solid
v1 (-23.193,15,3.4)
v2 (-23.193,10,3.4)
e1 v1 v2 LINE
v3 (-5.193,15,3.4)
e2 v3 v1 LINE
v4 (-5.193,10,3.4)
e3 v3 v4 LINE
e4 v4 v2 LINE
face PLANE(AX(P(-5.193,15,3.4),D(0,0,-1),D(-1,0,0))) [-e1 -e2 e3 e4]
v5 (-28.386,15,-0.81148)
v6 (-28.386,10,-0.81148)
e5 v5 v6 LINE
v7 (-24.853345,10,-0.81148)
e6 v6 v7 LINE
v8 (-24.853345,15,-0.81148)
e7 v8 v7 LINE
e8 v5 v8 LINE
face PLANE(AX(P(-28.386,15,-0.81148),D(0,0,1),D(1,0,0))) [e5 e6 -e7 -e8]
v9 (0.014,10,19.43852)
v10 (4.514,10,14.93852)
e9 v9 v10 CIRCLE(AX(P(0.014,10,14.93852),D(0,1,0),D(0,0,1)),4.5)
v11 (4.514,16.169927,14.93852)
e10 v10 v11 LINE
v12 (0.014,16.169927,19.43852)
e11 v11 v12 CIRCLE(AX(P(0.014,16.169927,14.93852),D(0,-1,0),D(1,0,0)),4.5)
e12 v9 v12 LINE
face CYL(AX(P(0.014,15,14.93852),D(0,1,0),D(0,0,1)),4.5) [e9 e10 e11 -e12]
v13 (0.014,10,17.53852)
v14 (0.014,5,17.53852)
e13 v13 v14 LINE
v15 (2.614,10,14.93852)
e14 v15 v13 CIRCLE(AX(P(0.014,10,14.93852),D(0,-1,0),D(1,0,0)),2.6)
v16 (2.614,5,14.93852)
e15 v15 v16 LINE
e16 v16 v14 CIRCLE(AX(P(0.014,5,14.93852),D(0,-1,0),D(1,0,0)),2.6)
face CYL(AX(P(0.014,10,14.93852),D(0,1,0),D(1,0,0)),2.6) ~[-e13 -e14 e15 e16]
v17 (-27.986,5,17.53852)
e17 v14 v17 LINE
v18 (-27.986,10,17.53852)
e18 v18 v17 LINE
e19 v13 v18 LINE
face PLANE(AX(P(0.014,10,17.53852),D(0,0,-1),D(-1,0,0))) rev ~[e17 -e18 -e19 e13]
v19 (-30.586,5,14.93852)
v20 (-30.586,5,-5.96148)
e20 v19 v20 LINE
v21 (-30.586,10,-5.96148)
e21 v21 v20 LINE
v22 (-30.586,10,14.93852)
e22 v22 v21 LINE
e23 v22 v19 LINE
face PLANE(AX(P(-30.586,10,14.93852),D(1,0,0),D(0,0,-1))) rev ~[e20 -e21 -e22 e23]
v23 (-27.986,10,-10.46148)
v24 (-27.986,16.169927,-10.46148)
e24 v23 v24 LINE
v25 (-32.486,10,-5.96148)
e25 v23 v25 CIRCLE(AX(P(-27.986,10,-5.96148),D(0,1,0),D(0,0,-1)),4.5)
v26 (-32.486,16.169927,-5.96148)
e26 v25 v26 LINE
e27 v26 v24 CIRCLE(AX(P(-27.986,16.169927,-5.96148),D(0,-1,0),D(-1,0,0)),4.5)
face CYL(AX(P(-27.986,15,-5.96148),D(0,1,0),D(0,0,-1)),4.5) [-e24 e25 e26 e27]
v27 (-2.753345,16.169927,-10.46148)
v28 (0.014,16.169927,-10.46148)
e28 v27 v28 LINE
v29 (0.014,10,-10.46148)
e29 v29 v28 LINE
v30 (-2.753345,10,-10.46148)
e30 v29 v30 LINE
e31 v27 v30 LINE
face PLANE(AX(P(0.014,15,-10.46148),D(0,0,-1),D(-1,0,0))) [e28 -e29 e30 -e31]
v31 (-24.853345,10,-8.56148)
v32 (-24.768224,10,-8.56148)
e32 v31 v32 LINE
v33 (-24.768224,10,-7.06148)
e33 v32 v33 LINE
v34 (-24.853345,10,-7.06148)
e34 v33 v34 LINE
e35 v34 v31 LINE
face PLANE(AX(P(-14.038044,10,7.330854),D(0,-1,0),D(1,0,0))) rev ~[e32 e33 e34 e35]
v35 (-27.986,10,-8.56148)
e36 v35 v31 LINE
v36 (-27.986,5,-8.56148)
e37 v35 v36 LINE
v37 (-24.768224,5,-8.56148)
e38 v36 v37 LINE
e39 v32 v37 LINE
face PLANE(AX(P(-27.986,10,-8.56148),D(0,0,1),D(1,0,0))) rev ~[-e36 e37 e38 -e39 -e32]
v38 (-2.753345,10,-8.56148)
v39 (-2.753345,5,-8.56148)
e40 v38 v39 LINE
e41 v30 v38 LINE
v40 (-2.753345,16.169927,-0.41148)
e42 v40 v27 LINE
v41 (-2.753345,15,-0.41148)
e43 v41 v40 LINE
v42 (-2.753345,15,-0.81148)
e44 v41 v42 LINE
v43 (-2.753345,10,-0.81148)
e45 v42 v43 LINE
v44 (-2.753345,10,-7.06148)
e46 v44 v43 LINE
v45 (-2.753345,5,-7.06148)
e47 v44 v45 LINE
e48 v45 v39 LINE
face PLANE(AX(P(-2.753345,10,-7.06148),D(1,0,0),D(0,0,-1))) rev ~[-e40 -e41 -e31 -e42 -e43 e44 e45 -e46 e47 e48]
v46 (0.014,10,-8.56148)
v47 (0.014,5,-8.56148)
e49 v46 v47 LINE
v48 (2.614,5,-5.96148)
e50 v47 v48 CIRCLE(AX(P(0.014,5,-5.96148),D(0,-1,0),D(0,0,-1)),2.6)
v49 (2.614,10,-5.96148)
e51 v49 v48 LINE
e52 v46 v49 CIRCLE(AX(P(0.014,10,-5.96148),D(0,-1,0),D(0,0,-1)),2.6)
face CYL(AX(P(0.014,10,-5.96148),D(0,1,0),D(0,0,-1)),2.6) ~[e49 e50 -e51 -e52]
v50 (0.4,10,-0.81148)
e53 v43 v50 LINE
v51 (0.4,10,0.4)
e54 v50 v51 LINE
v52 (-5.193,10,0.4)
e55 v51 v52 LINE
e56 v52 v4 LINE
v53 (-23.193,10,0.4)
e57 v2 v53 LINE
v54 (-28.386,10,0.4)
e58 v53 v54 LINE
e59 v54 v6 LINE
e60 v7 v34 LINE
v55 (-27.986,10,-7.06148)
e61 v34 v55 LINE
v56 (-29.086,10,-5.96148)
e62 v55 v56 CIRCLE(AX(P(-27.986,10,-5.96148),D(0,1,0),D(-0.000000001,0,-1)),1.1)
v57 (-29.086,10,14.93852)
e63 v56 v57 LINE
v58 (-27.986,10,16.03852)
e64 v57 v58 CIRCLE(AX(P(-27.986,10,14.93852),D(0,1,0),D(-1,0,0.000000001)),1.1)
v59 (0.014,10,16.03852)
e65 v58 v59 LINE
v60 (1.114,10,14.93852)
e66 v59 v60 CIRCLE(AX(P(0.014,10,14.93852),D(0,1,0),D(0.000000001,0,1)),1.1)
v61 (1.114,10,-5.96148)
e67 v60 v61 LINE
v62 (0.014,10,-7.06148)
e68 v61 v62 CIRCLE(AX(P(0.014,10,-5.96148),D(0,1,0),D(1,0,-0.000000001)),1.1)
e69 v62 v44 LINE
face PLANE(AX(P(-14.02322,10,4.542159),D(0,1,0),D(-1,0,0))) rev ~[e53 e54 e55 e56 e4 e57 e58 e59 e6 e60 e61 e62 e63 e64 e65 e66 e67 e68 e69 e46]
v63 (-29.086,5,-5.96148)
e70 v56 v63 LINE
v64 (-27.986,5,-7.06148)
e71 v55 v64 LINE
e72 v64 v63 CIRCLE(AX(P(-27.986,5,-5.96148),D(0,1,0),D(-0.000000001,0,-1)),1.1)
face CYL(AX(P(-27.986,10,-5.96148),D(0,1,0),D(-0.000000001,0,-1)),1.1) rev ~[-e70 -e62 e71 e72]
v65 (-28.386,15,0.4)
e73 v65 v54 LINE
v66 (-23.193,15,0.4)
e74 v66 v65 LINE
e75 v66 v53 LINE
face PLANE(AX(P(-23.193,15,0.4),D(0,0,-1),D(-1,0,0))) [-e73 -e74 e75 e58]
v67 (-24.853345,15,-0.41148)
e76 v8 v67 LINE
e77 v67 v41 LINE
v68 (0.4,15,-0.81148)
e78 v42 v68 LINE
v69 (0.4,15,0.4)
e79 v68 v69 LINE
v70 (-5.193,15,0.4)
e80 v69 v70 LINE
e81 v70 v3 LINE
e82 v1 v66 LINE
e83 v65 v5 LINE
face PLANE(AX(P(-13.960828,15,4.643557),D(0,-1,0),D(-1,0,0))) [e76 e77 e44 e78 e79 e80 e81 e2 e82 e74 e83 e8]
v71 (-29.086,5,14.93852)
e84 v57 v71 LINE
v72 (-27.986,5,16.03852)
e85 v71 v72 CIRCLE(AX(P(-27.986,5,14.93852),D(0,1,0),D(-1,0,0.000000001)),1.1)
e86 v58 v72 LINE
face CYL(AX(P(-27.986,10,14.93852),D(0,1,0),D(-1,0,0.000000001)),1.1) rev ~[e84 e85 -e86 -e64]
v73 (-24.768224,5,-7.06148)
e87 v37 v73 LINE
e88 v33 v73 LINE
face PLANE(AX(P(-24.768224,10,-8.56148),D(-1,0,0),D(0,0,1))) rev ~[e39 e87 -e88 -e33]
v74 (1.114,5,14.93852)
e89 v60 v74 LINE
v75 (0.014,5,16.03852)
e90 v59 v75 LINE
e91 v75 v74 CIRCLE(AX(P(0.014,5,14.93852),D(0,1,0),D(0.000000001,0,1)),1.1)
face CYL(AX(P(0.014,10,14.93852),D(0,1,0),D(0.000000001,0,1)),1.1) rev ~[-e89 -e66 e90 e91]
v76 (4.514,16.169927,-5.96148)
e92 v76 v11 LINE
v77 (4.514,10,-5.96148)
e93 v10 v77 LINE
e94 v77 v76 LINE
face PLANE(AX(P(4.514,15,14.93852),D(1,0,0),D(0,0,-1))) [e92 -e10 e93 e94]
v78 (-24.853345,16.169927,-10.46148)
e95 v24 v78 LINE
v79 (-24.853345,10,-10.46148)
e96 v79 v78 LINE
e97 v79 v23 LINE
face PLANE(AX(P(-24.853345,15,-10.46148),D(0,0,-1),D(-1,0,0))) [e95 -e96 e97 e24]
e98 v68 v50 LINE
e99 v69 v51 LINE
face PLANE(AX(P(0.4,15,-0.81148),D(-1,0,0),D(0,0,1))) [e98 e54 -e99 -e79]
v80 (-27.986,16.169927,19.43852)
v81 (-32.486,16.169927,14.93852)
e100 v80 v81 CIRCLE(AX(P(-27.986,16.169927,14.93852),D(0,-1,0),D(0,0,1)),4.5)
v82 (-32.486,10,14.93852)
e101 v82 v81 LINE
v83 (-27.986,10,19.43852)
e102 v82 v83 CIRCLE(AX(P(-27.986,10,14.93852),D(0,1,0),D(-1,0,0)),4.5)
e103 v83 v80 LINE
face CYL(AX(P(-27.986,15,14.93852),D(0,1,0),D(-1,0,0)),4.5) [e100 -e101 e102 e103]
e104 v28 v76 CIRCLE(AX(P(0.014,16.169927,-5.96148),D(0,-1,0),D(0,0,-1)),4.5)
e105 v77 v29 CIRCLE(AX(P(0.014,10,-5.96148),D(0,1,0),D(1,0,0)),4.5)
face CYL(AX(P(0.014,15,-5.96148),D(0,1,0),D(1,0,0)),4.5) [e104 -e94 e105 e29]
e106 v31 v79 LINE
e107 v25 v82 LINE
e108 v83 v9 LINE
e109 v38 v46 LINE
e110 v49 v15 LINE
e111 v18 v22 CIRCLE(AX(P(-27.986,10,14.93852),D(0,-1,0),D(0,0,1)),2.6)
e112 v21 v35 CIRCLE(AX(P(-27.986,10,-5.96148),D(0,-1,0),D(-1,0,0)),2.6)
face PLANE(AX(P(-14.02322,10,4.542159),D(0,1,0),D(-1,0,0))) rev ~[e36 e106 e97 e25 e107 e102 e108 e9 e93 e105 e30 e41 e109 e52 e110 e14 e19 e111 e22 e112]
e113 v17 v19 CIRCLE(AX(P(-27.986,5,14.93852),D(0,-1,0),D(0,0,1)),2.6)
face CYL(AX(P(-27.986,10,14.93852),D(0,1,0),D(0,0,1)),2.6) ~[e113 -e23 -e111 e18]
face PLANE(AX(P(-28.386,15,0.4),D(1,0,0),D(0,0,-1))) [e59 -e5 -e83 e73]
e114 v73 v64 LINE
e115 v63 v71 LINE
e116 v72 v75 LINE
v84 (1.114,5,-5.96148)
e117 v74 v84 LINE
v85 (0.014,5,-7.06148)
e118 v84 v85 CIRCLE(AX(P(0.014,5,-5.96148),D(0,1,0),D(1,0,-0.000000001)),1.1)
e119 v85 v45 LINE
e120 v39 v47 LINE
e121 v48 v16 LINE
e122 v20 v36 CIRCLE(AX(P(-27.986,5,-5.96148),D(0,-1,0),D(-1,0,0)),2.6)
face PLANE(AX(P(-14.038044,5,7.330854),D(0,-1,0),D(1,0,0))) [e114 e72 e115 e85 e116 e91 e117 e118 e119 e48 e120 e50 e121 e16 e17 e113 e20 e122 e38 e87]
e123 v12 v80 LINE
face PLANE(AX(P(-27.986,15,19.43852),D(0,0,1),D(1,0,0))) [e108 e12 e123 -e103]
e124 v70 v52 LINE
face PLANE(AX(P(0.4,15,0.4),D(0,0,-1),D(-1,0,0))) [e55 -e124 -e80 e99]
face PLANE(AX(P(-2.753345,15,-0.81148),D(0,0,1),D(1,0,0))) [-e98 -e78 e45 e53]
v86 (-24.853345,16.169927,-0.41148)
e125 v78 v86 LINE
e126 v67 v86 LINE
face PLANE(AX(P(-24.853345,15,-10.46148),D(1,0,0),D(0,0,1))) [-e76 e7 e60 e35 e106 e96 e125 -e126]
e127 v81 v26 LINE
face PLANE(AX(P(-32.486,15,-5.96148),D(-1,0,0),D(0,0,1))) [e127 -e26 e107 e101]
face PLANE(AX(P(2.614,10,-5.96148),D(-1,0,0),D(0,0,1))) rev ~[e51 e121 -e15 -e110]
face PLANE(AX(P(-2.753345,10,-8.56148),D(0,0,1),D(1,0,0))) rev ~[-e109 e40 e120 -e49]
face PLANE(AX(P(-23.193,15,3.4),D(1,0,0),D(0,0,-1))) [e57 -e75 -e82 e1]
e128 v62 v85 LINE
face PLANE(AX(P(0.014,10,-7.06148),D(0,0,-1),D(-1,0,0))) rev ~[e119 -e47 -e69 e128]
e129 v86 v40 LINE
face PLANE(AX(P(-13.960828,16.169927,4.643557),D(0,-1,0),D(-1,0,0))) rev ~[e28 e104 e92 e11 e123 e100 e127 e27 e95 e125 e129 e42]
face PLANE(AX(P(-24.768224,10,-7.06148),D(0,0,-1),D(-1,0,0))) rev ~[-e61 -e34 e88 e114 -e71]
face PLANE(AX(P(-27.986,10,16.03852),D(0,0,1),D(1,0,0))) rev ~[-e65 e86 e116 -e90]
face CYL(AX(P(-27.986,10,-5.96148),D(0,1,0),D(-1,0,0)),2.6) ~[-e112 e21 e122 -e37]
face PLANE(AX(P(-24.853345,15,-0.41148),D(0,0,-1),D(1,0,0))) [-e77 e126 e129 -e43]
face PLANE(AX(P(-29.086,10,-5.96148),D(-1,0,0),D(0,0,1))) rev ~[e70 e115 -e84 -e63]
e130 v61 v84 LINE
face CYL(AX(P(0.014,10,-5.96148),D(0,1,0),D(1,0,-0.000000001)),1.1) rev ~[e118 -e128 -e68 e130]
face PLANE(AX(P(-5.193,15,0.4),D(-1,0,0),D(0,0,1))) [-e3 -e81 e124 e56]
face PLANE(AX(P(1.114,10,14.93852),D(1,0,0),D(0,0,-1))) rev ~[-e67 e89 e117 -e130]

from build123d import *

# Parameters (mm, degrees)
EXTRUDE_3_DEPTH = 1.169927
EXTRUDE_4_DEPTH = 5
EXTRUDE_5_DEPTH = 5


with BuildPart() as part:
    # 草图2 → 凸台-拉伸3 (new body)
    with BuildSketch(Plane(origin=(0, 15, 0), x_dir=(1, 0, 0), z_dir=(0, 1, 0))):
        with BuildLine():
            Line((-24.853345035, 10.461479878), (-24.853345035, 0.41148))
            Line((-24.853345035, 0.41148), (-2.753344966, 0.41148))
            Line((-2.753344966, 0.41148), (-2.753344966, 10.461479878))
            Line((-2.753344966, 10.461479878), (0.013999939, 10.461479878))
            ThreePointArc((0.013999939, 10.461479878), (3.195980454, 9.143460393), (4.513999939, 5.961479878))
            Line((4.513999939, 5.961479878), (4.513999939, -14.938520122))
            ThreePointArc((4.513999939, -14.938520122), (3.195980454, -18.120500638), (0.013999939, -19.438520122))
            Line((0.013999939, -19.438520122), (-27.986000061, -19.438520122))
            ThreePointArc((-27.986000061, -19.438520122), (-31.167980576, -18.120500638), (-32.486000061, -14.938520122))
            Line((-32.486000061, -14.938520122), (-32.486000061, 5.961479878))
            ThreePointArc((-32.486000061, 5.961479878), (-31.167980576, 9.143460393), (-27.986000061, 10.461479878))
            Line((-27.986000061, 10.461479878), (-24.853345035, 10.461479878))
        make_face()
    extrude(amount=EXTRUDE_3_DEPTH)

    # 草图4 → 凸台-拉伸4 (add)
    with BuildSketch(Plane.XZ.offset(-15)):
        with BuildLine():
            Line((-23.193000031, 0.4), (-28.386000061, 0.4))
            Line((-28.386000061, 0.4), (-28.386000061, -0.81148))
            Line((-28.386000061, -0.81148), (-24.853345035, -0.81148))
            Line((-24.853345035, -0.81148), (-24.853345035, -10.461479878))
            Line((-24.853345035, -10.461479878), (-27.986000061, -10.461479878))
            ThreePointArc((-27.986000061, -10.461479878), (-31.167980576, -9.143460393), (-32.486000061, -5.961479878))
            Line((-32.486000061, -5.961479878), (-32.486000061, 14.938520122))
            ThreePointArc((-32.486000061, 14.938520122), (-31.167980576, 18.120500638), (-27.986000061, 19.438520122))
            Line((-27.986000061, 19.438520122), (0.013999939, 19.438520122))
            ThreePointArc((0.013999939, 19.438520122), (3.195980454, 18.120500638), (4.513999939, 14.938520122))
            Line((4.513999939, 14.938520122), (4.513999939, -5.961479878))
            ThreePointArc((4.513999939, -5.961479878), (3.195980454, -9.143460393), (0.013999939, -10.461479878))
            Line((0.013999939, -10.461479878), (-2.753344966, -10.461479878))
            Line((-2.753344966, -10.461479878), (-2.753344966, -0.81148))
            Line((-2.753344966, -0.81148), (0.4, -0.81148))
            Line((0.4, -0.81148), (0.4, 0.4))
            Line((0.4, 0.4), (-5.193000031, 0.4))
            Line((-5.193000031, 0.4), (-5.193000031, 3.4))
            Line((-5.193000031, 3.4), (-23.193000031, 3.4))
            Line((-23.193000031, 3.4), (-23.193000031, 0.4))
        make_face()
    extrude(amount=EXTRUDE_4_DEPTH)

    # 草图5 → 凸台-拉伸5 (add)
    with BuildSketch(Plane.XZ.offset(-10)):
        with BuildLine():
            Line((-2.753344966, -8.561479878), (0.013999939, -8.561479878))
            ThreePointArc((0.013999939, -8.561479878), (1.85247757, -7.799957509), (2.613999939, -5.961479878))
            Line((2.613999939, -5.961479878), (2.613999939, 14.938520122))
            ThreePointArc((2.613999939, 14.938520122), (1.85247757, 16.776997753), (0.013999939, 17.538520122))
            Line((0.013999939, 17.538520122), (-27.986000061, 17.538520122))
            ThreePointArc((-27.986000061, 17.538520122), (-29.824477692, 16.776997753), (-30.586000061, 14.938520122))
            Line((-30.586000061, 14.938520122), (-30.586000061, -5.961479878))
            ThreePointArc((-30.586000061, -5.961479878), (-29.824477692, -7.799957509), (-27.986000061, -8.561479878))
            Line((-27.986000061, -8.561479878), (-24.768224203, -8.561479878))
            Line((-24.768224203, -8.561479878), (-24.768224203, -7.061479878))
            Line((-24.768224203, -7.061479878), (-27.986000061, -7.061479878))
            ThreePointArc((-27.986000061, -7.061479878), (-28.76381752, -6.739297337), (-29.086000061, -5.961479878))
            Line((-29.086000061, -5.961479878), (-29.086000061, 14.938520122))
            ThreePointArc((-29.086000061, 14.938520122), (-28.76381752, 15.716337581), (-27.986000061, 16.038520122))
            Line((-27.986000061, 16.038520122), (0.013999939, 16.038520122))
            ThreePointArc((0.013999939, 16.038520122), (0.791817398, 15.716337581), (1.113999939, 14.938520122))
            Line((1.113999939, 14.938520122), (1.113999939, -5.961479878))
            ThreePointArc((1.113999939, -5.961479878), (0.791817398, -6.739297337), (0.013999939, -7.061479878))
            Line((0.013999939, -7.061479878), (-2.753344966, -7.061479878))
            Line((-2.753344966, -7.061479878), (-2.753344966, -8.561479878))
        make_face()
    extrude(amount=EXTRUDE_5_DEPTH)


solid = part.part
